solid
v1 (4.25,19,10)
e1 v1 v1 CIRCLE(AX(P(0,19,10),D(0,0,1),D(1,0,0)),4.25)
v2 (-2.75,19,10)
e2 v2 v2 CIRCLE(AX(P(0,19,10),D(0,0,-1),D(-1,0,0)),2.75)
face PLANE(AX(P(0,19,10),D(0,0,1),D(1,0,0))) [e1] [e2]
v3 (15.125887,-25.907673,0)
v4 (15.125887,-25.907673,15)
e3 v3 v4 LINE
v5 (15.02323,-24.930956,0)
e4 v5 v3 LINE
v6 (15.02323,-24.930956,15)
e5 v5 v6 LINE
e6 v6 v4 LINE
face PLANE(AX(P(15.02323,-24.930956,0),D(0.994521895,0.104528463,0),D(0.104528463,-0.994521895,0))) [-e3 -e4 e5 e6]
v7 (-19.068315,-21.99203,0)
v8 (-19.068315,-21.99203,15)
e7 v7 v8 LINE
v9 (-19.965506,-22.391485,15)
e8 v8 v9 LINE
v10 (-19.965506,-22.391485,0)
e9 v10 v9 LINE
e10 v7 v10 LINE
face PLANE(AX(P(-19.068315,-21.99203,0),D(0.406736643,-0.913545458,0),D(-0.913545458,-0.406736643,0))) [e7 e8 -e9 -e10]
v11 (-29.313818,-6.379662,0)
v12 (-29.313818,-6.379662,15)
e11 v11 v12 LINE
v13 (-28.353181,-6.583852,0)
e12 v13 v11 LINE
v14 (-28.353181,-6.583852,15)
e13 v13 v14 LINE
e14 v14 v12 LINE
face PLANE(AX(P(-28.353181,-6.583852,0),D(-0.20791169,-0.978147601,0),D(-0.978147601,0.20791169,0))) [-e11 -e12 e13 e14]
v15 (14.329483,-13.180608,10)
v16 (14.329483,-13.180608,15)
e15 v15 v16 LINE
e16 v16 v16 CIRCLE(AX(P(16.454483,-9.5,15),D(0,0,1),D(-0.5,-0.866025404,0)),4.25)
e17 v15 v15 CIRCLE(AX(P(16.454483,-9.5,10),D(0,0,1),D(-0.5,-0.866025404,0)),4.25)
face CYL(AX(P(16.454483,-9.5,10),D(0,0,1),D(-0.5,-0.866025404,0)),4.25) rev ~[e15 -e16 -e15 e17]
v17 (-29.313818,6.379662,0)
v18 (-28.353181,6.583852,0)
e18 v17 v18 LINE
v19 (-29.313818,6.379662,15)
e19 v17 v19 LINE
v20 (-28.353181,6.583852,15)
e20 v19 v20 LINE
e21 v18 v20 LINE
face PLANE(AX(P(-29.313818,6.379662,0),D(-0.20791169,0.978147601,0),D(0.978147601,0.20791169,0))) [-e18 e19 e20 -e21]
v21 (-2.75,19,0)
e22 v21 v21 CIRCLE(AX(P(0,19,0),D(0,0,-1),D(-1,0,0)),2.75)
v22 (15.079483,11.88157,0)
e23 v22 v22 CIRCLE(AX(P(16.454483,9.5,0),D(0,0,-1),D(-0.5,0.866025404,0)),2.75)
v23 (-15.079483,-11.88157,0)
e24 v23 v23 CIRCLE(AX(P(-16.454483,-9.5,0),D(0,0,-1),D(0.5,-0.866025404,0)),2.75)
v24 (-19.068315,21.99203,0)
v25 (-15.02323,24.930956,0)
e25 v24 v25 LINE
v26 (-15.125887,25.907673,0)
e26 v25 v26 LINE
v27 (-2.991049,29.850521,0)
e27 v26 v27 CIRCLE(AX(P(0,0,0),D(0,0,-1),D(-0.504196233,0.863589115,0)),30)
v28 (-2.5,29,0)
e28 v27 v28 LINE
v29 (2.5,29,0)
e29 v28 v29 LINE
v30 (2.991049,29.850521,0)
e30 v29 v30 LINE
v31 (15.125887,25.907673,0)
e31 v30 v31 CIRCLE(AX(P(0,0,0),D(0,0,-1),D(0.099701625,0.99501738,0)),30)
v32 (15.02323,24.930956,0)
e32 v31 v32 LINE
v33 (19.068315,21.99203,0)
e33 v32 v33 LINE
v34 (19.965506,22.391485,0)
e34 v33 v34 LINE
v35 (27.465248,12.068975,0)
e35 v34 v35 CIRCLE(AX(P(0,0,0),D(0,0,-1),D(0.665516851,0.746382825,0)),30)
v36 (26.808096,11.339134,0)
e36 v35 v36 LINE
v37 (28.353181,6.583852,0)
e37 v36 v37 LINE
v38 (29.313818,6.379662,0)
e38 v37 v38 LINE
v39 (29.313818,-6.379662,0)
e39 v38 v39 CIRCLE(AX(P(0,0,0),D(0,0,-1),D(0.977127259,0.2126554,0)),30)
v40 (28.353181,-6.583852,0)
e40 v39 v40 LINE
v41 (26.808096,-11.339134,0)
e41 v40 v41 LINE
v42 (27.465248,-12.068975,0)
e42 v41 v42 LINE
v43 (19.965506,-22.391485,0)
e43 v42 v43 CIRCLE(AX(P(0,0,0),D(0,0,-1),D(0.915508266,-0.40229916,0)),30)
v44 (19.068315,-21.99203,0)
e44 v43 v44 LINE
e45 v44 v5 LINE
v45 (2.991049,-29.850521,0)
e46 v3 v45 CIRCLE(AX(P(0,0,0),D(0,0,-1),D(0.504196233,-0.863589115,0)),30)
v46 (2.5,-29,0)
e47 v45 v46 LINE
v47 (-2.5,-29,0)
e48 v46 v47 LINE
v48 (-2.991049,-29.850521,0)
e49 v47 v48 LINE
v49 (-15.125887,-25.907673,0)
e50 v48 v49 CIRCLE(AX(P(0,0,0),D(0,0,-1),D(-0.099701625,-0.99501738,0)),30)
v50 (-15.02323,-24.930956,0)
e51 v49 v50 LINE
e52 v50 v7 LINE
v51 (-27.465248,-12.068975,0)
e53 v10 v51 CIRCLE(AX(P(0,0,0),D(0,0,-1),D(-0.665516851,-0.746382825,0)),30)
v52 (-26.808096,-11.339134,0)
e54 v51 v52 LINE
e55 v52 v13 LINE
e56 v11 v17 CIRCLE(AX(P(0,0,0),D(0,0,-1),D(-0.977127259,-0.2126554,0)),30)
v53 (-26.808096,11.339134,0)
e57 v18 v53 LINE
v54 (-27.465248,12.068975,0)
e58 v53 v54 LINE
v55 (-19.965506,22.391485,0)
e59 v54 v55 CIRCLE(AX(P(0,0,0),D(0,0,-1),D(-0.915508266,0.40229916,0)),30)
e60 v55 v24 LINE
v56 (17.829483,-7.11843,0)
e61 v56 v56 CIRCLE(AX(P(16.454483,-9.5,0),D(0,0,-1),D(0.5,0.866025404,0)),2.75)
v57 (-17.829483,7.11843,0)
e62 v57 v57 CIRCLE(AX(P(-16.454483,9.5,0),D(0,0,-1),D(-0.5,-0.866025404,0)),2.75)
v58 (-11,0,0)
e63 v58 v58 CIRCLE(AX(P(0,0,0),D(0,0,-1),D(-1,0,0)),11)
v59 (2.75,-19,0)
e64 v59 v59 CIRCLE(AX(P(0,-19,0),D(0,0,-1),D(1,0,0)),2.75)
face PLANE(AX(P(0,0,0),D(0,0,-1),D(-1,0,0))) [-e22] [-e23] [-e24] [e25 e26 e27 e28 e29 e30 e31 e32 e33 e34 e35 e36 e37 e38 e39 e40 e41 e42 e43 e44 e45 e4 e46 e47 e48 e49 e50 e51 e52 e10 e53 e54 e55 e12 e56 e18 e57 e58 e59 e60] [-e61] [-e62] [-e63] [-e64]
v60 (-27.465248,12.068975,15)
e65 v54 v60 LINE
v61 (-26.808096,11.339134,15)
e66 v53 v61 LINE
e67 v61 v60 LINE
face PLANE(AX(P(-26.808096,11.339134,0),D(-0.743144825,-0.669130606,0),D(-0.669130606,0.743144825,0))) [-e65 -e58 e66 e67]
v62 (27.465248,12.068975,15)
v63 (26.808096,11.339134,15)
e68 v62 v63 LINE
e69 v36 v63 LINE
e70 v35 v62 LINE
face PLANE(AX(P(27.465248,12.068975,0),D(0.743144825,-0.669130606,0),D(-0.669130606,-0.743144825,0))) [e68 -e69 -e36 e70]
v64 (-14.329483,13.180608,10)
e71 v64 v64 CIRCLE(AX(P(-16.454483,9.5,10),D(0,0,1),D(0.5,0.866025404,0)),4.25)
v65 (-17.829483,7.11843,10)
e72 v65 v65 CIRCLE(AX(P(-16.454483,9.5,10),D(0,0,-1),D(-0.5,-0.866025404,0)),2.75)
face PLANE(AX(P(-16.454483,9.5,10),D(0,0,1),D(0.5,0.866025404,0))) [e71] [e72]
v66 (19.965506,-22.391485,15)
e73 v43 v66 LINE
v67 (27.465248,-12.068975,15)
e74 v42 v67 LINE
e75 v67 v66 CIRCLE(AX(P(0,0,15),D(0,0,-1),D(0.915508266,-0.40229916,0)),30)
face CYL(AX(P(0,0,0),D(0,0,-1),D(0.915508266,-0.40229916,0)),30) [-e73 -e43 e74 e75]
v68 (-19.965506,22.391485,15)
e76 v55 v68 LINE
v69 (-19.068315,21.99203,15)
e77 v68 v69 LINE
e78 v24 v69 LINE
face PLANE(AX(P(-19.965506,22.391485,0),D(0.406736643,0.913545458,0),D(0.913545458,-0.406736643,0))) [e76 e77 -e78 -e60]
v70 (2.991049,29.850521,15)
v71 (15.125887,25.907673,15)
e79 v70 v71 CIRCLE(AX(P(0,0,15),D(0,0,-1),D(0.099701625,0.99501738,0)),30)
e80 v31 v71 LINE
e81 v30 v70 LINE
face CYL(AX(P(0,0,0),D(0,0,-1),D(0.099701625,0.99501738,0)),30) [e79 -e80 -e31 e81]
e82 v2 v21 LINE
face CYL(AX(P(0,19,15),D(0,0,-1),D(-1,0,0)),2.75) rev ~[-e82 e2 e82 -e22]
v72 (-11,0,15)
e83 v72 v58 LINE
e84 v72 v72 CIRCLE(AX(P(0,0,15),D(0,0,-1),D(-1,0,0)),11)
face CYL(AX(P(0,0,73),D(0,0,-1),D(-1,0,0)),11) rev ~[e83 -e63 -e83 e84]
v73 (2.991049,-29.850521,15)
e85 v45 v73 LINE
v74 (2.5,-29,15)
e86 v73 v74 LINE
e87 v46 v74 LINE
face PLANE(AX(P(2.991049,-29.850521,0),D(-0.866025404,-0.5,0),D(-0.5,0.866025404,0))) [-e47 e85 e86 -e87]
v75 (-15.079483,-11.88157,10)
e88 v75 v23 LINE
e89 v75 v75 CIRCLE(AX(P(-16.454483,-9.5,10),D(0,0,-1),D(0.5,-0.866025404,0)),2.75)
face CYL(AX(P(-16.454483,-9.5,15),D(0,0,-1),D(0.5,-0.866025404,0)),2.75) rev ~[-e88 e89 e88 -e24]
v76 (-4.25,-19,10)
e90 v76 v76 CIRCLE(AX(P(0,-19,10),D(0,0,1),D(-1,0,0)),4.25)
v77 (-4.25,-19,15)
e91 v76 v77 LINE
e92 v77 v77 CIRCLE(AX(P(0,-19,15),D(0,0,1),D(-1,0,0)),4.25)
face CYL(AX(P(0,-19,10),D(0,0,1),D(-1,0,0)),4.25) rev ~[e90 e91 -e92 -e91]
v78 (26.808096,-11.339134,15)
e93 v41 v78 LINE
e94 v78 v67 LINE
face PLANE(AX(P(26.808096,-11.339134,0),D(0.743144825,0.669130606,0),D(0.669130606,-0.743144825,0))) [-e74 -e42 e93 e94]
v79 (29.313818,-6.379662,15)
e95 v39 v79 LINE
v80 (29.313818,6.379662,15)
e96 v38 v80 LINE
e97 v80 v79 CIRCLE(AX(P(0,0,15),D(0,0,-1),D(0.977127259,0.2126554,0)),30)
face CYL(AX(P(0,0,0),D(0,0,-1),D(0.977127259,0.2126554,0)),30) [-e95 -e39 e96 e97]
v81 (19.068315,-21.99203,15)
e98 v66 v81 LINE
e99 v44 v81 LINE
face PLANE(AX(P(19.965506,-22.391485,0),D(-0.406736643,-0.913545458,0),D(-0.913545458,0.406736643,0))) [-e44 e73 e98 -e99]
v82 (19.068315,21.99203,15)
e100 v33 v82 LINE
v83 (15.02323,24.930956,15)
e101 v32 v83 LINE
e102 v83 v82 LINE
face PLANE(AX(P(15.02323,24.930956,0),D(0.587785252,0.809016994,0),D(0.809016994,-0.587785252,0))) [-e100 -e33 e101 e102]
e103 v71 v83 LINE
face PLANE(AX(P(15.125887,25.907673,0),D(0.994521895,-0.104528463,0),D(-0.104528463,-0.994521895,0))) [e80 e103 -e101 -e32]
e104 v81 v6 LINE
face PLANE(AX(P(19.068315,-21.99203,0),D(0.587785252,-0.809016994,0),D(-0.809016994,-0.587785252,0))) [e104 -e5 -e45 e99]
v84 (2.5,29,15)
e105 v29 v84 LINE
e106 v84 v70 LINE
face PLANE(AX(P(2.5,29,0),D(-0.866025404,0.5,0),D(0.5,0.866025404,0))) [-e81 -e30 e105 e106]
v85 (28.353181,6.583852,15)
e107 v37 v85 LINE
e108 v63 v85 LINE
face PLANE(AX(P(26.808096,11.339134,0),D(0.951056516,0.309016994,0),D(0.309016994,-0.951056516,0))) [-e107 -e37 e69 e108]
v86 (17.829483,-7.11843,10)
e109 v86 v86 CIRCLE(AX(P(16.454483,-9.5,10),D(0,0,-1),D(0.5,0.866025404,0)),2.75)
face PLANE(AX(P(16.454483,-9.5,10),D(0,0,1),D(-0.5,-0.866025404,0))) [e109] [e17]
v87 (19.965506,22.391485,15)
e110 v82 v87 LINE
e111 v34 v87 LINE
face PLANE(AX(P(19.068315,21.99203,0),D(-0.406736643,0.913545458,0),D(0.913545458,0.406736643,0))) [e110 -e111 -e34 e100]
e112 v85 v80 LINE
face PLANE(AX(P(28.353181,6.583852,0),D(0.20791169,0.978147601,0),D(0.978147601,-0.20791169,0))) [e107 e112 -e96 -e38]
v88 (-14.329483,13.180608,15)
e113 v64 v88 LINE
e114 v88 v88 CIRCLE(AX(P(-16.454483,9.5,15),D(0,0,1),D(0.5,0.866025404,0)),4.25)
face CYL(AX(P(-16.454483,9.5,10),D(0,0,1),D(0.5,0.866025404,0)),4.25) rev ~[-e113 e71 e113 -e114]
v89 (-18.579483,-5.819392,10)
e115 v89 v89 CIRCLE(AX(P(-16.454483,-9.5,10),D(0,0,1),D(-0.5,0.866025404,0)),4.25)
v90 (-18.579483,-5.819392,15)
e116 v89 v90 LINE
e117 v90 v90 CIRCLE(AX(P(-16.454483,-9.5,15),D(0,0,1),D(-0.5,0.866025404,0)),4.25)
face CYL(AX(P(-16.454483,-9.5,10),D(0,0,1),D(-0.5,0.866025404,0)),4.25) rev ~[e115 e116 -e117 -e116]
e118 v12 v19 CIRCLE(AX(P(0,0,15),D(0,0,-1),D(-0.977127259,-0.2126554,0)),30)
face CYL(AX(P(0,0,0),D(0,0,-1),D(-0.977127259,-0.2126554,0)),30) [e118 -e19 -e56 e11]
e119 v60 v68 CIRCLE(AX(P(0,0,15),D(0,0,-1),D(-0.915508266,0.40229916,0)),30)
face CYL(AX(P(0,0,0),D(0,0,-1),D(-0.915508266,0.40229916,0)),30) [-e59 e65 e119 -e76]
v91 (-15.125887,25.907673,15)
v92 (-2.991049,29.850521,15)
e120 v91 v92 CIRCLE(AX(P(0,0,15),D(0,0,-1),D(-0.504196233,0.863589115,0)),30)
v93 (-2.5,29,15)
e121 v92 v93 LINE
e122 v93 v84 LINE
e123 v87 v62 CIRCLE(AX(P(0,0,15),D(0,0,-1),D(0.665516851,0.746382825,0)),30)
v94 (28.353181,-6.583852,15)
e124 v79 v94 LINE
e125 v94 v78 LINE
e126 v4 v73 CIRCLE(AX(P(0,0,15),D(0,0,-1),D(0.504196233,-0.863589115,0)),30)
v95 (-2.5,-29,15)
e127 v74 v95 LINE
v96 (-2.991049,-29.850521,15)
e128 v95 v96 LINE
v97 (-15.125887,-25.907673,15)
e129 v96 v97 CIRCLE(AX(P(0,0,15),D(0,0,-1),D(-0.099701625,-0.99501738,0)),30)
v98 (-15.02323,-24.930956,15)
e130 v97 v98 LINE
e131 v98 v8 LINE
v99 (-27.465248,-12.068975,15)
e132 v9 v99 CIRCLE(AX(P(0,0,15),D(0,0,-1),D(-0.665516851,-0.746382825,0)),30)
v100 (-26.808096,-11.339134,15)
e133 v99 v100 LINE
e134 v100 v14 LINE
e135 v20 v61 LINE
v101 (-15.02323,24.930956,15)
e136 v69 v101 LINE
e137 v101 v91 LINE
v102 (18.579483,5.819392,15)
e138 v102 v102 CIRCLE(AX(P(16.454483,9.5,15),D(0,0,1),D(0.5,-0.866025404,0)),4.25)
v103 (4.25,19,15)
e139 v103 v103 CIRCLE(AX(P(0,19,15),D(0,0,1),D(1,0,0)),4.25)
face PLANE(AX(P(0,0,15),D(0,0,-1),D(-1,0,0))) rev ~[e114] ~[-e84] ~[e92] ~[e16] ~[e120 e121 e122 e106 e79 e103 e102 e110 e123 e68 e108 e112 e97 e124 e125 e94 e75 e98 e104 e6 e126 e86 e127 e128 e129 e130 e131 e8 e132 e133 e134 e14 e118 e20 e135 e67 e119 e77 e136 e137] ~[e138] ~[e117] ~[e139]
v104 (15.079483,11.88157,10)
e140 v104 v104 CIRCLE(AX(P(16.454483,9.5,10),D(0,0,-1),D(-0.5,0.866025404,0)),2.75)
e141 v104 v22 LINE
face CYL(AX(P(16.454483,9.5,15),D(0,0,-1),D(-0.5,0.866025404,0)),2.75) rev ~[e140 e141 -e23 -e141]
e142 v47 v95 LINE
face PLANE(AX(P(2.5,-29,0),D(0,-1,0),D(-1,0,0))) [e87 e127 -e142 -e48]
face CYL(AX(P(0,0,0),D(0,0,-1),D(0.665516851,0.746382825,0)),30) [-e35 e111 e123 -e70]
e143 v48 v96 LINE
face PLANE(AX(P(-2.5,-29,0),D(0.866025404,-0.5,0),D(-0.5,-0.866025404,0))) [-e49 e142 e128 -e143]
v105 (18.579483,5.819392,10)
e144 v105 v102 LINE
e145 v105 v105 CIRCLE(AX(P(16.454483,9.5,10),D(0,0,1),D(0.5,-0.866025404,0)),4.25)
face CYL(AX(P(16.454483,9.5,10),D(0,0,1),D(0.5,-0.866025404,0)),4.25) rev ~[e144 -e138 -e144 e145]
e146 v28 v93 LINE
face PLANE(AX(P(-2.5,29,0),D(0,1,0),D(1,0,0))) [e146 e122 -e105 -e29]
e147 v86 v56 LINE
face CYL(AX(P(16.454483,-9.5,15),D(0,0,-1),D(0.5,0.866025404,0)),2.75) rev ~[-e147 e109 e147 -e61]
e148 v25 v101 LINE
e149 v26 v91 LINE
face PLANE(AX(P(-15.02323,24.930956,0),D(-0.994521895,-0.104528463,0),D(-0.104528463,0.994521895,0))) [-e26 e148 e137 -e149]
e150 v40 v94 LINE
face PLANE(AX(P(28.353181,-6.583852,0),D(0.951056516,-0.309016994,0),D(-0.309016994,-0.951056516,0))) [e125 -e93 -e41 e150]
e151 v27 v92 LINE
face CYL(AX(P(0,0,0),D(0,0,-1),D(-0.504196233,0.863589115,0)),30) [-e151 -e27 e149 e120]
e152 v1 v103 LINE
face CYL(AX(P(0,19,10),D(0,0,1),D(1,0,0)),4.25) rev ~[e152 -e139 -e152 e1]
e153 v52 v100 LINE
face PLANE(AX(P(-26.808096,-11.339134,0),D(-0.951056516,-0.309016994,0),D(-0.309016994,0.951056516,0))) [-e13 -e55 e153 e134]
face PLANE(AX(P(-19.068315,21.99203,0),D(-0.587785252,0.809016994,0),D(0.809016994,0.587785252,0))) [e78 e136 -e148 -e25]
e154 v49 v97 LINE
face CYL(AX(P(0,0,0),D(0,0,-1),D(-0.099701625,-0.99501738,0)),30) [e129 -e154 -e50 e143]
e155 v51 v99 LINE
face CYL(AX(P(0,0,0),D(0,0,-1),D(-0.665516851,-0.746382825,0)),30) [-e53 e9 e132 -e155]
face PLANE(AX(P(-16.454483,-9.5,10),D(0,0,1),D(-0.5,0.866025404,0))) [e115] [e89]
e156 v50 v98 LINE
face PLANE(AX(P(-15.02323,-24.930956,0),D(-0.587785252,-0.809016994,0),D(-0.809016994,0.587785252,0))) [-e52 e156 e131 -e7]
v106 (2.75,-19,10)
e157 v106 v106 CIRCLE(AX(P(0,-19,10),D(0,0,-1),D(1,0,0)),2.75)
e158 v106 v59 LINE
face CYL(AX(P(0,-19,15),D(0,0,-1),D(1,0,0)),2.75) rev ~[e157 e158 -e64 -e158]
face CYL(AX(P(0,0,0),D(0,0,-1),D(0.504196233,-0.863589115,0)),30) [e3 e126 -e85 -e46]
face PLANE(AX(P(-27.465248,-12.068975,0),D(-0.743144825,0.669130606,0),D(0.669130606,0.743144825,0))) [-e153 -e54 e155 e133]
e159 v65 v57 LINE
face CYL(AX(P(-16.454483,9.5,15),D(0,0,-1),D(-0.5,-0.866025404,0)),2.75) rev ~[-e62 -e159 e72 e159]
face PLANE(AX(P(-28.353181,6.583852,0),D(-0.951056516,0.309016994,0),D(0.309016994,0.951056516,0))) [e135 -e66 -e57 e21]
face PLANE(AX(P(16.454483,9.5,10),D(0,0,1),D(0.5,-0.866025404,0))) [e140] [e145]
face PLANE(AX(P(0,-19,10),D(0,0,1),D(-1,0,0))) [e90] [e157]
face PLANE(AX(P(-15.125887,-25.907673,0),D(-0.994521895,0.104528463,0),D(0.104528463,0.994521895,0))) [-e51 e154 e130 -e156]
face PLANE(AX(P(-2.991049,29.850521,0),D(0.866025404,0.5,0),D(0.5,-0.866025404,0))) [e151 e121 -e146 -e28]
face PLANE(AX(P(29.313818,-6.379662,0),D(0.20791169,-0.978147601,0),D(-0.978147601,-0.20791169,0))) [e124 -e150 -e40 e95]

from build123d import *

# Parameters (mm, degrees)
BOSS_EXTRUDE1_DEPTH                                 = 15
M24X2_0_TAPPED_HOLE1_D                              = 22
M24X2_0_TAPPED_HOLE1_DEPTH                          = 58
M24X2_0_TAPPED_HOLE1_TIP                            = 6.609466809
CBORE_FOR_M5_HEX_SOCKET_HEAD_CAP_SCREW1_D           = 5.5
CBORE_FOR_M5_HEX_SOCKET_HEAD_CAP_SCREW1_CBORE_D     = 8.5
CBORE_FOR_M5_HEX_SOCKET_HEAD_CAP_SCREW1_CBORE_DEPTH = 5
CIRPATTERN3_COUNT                                   = 6


with BuildPart() as part:
    # Sketch1 → Boss-Extrude1 (new body)
    with BuildSketch(Plane.XY):
        with BuildLine():
            Line((-2.5, 29), (2.5, 29))
            Line((2.5, 29), (2.991048754, 29.850521392))
            ThreePointArc((2.991048754, 29.850521392), (9.270509831, 28.531695489), (15.125886974, 25.907673443))
            Line((15.125886974, 25.907673443), (15.023229831, 24.930955968))
            Line((15.023229831, 24.930955968), (19.068314802, 21.992029706))
            Line((19.068314802, 21.992029706), (19.965505521, 22.39148475))
            ThreePointArc((19.965505521, 22.39148475), (24.270509831, 17.633557569), (27.465247988, 12.068974809))
            Line((27.465247988, 12.068974809), (26.808096487, 11.339134128))
            Line((26.808096487, 11.339134128), (28.353181458, 6.583851546))
            Line((28.353181458, 6.583851546), (29.31381778, 6.379661993))
            ThreePointArc((29.31381778, 6.379661993), (30, 0), (29.31381778, -6.379661993))
            Line((29.31381778, -6.379661993), (28.353181458, -6.583851546))
            Line((28.353181458, -6.583851546), (26.808096487, -11.339134128))
            Line((26.808096487, -11.339134128), (27.465247988, -12.068974809))
            ThreePointArc((27.465247988, -12.068974809), (24.270509831, -17.633557569), (19.965505521, -22.39148475))
            Line((19.965505521, -22.39148475), (19.068314802, -21.992029706))
            Line((19.068314802, -21.992029706), (15.023229831, -24.930955968))
            Line((15.023229831, -24.930955968), (15.125886974, -25.907673443))
            ThreePointArc((15.125886974, -25.907673443), (9.270509831, -28.531695489), (2.991048754, -29.850521392))
            Line((2.991048754, -29.850521392), (2.5, -29))
            Line((2.5, -29), (-2.5, -29))
            Line((-2.5, -29), (-2.991048754, -29.850521392))
            ThreePointArc((-2.991048754, -29.850521392), (-9.270509831, -28.531695489), (-15.125886974, -25.907673443))
            Line((-15.125886974, -25.907673443), (-15.023229831, -24.930955968))
            Line((-15.023229831, -24.930955968), (-19.068314802, -21.992029706))
            Line((-19.068314802, -21.992029706), (-19.965505521, -22.39148475))
            ThreePointArc((-19.965505521, -22.39148475), (-24.270509831, -17.633557569), (-27.465247988, -12.068974809))
            Line((-27.465247988, -12.068974809), (-26.808096487, -11.339134128))
            Line((-26.808096487, -11.339134128), (-28.353181458, -6.583851546))
            Line((-28.353181458, -6.583851546), (-29.31381778, -6.379661993))
            ThreePointArc((-29.31381778, -6.379661993), (-30, 0), (-29.31381778, 6.379661993))
            Line((-29.31381778, 6.379661993), (-28.353181458, 6.583851546))
            Line((-28.353181458, 6.583851546), (-26.808096487, 11.339134128))
            Line((-26.808096487, 11.339134128), (-27.465247988, 12.068974809))
            ThreePointArc((-27.465247988, 12.068974809), (-24.270509831, 17.633557569), (-19.965505521, 22.39148475))
            Line((-19.965505521, 22.39148475), (-19.068314802, 21.992029706))
            Line((-19.068314802, 21.992029706), (-15.023229831, 24.930955968))
            Line((-15.023229831, 24.930955968), (-15.125886974, 25.907673443))
            ThreePointArc((-15.125886974, 25.907673443), (-9.270509831, 28.531695489), (-2.991048754, 29.850521392))
            Line((-2.991048754, 29.850521392), (-2.5, 29))
        make_face()
    extrude(amount=BOSS_EXTRUDE1_DEPTH)

    # M24x2.0 Tapped Hole1
    with Locations(Plane.XY.offset(15)):
        with Locations((0, 0)):
            Hole(M24X2_0_TAPPED_HOLE1_D / 2, depth=M24X2_0_TAPPED_HOLE1_DEPTH)
            with Locations((0, 0, -(M24X2_0_TAPPED_HOLE1_DEPTH + M24X2_0_TAPPED_HOLE1_TIP / 2))):  # 118° drill point
                Cone(0, M24X2_0_TAPPED_HOLE1_D / 2, M24X2_0_TAPPED_HOLE1_TIP, mode=Mode.SUBTRACT)

    # CBORE for M5 Hex Socket Head Cap Screw1 (through all)
    with Locations(Plane.XY.offset(15)):
        with Locations((0, 19)):
            cbore_for_m5_hex_socket_head_cap_screw1 = CounterBoreHole(CBORE_FOR_M5_HEX_SOCKET_HEAD_CAP_SCREW1_D / 2, CBORE_FOR_M5_HEX_SOCKET_HEAD_CAP_SCREW1_CBORE_D / 2, CBORE_FOR_M5_HEX_SOCKET_HEAD_CAP_SCREW1_CBORE_DEPTH)

    # CirPattern3: CBORE for M5 Hex Socket Head Cap Screw1 ×6 about axis
    cirpattern3_axis = Axis((0, 0, 0), (0, 0, 1))
    for i in range(1, CIRPATTERN3_COUNT):
        add(cbore_for_m5_hex_socket_head_cap_screw1.rotate(cirpattern3_axis, i * 360 / CIRPATTERN3_COUNT), mode=Mode.SUBTRACT)


solid = part.part
